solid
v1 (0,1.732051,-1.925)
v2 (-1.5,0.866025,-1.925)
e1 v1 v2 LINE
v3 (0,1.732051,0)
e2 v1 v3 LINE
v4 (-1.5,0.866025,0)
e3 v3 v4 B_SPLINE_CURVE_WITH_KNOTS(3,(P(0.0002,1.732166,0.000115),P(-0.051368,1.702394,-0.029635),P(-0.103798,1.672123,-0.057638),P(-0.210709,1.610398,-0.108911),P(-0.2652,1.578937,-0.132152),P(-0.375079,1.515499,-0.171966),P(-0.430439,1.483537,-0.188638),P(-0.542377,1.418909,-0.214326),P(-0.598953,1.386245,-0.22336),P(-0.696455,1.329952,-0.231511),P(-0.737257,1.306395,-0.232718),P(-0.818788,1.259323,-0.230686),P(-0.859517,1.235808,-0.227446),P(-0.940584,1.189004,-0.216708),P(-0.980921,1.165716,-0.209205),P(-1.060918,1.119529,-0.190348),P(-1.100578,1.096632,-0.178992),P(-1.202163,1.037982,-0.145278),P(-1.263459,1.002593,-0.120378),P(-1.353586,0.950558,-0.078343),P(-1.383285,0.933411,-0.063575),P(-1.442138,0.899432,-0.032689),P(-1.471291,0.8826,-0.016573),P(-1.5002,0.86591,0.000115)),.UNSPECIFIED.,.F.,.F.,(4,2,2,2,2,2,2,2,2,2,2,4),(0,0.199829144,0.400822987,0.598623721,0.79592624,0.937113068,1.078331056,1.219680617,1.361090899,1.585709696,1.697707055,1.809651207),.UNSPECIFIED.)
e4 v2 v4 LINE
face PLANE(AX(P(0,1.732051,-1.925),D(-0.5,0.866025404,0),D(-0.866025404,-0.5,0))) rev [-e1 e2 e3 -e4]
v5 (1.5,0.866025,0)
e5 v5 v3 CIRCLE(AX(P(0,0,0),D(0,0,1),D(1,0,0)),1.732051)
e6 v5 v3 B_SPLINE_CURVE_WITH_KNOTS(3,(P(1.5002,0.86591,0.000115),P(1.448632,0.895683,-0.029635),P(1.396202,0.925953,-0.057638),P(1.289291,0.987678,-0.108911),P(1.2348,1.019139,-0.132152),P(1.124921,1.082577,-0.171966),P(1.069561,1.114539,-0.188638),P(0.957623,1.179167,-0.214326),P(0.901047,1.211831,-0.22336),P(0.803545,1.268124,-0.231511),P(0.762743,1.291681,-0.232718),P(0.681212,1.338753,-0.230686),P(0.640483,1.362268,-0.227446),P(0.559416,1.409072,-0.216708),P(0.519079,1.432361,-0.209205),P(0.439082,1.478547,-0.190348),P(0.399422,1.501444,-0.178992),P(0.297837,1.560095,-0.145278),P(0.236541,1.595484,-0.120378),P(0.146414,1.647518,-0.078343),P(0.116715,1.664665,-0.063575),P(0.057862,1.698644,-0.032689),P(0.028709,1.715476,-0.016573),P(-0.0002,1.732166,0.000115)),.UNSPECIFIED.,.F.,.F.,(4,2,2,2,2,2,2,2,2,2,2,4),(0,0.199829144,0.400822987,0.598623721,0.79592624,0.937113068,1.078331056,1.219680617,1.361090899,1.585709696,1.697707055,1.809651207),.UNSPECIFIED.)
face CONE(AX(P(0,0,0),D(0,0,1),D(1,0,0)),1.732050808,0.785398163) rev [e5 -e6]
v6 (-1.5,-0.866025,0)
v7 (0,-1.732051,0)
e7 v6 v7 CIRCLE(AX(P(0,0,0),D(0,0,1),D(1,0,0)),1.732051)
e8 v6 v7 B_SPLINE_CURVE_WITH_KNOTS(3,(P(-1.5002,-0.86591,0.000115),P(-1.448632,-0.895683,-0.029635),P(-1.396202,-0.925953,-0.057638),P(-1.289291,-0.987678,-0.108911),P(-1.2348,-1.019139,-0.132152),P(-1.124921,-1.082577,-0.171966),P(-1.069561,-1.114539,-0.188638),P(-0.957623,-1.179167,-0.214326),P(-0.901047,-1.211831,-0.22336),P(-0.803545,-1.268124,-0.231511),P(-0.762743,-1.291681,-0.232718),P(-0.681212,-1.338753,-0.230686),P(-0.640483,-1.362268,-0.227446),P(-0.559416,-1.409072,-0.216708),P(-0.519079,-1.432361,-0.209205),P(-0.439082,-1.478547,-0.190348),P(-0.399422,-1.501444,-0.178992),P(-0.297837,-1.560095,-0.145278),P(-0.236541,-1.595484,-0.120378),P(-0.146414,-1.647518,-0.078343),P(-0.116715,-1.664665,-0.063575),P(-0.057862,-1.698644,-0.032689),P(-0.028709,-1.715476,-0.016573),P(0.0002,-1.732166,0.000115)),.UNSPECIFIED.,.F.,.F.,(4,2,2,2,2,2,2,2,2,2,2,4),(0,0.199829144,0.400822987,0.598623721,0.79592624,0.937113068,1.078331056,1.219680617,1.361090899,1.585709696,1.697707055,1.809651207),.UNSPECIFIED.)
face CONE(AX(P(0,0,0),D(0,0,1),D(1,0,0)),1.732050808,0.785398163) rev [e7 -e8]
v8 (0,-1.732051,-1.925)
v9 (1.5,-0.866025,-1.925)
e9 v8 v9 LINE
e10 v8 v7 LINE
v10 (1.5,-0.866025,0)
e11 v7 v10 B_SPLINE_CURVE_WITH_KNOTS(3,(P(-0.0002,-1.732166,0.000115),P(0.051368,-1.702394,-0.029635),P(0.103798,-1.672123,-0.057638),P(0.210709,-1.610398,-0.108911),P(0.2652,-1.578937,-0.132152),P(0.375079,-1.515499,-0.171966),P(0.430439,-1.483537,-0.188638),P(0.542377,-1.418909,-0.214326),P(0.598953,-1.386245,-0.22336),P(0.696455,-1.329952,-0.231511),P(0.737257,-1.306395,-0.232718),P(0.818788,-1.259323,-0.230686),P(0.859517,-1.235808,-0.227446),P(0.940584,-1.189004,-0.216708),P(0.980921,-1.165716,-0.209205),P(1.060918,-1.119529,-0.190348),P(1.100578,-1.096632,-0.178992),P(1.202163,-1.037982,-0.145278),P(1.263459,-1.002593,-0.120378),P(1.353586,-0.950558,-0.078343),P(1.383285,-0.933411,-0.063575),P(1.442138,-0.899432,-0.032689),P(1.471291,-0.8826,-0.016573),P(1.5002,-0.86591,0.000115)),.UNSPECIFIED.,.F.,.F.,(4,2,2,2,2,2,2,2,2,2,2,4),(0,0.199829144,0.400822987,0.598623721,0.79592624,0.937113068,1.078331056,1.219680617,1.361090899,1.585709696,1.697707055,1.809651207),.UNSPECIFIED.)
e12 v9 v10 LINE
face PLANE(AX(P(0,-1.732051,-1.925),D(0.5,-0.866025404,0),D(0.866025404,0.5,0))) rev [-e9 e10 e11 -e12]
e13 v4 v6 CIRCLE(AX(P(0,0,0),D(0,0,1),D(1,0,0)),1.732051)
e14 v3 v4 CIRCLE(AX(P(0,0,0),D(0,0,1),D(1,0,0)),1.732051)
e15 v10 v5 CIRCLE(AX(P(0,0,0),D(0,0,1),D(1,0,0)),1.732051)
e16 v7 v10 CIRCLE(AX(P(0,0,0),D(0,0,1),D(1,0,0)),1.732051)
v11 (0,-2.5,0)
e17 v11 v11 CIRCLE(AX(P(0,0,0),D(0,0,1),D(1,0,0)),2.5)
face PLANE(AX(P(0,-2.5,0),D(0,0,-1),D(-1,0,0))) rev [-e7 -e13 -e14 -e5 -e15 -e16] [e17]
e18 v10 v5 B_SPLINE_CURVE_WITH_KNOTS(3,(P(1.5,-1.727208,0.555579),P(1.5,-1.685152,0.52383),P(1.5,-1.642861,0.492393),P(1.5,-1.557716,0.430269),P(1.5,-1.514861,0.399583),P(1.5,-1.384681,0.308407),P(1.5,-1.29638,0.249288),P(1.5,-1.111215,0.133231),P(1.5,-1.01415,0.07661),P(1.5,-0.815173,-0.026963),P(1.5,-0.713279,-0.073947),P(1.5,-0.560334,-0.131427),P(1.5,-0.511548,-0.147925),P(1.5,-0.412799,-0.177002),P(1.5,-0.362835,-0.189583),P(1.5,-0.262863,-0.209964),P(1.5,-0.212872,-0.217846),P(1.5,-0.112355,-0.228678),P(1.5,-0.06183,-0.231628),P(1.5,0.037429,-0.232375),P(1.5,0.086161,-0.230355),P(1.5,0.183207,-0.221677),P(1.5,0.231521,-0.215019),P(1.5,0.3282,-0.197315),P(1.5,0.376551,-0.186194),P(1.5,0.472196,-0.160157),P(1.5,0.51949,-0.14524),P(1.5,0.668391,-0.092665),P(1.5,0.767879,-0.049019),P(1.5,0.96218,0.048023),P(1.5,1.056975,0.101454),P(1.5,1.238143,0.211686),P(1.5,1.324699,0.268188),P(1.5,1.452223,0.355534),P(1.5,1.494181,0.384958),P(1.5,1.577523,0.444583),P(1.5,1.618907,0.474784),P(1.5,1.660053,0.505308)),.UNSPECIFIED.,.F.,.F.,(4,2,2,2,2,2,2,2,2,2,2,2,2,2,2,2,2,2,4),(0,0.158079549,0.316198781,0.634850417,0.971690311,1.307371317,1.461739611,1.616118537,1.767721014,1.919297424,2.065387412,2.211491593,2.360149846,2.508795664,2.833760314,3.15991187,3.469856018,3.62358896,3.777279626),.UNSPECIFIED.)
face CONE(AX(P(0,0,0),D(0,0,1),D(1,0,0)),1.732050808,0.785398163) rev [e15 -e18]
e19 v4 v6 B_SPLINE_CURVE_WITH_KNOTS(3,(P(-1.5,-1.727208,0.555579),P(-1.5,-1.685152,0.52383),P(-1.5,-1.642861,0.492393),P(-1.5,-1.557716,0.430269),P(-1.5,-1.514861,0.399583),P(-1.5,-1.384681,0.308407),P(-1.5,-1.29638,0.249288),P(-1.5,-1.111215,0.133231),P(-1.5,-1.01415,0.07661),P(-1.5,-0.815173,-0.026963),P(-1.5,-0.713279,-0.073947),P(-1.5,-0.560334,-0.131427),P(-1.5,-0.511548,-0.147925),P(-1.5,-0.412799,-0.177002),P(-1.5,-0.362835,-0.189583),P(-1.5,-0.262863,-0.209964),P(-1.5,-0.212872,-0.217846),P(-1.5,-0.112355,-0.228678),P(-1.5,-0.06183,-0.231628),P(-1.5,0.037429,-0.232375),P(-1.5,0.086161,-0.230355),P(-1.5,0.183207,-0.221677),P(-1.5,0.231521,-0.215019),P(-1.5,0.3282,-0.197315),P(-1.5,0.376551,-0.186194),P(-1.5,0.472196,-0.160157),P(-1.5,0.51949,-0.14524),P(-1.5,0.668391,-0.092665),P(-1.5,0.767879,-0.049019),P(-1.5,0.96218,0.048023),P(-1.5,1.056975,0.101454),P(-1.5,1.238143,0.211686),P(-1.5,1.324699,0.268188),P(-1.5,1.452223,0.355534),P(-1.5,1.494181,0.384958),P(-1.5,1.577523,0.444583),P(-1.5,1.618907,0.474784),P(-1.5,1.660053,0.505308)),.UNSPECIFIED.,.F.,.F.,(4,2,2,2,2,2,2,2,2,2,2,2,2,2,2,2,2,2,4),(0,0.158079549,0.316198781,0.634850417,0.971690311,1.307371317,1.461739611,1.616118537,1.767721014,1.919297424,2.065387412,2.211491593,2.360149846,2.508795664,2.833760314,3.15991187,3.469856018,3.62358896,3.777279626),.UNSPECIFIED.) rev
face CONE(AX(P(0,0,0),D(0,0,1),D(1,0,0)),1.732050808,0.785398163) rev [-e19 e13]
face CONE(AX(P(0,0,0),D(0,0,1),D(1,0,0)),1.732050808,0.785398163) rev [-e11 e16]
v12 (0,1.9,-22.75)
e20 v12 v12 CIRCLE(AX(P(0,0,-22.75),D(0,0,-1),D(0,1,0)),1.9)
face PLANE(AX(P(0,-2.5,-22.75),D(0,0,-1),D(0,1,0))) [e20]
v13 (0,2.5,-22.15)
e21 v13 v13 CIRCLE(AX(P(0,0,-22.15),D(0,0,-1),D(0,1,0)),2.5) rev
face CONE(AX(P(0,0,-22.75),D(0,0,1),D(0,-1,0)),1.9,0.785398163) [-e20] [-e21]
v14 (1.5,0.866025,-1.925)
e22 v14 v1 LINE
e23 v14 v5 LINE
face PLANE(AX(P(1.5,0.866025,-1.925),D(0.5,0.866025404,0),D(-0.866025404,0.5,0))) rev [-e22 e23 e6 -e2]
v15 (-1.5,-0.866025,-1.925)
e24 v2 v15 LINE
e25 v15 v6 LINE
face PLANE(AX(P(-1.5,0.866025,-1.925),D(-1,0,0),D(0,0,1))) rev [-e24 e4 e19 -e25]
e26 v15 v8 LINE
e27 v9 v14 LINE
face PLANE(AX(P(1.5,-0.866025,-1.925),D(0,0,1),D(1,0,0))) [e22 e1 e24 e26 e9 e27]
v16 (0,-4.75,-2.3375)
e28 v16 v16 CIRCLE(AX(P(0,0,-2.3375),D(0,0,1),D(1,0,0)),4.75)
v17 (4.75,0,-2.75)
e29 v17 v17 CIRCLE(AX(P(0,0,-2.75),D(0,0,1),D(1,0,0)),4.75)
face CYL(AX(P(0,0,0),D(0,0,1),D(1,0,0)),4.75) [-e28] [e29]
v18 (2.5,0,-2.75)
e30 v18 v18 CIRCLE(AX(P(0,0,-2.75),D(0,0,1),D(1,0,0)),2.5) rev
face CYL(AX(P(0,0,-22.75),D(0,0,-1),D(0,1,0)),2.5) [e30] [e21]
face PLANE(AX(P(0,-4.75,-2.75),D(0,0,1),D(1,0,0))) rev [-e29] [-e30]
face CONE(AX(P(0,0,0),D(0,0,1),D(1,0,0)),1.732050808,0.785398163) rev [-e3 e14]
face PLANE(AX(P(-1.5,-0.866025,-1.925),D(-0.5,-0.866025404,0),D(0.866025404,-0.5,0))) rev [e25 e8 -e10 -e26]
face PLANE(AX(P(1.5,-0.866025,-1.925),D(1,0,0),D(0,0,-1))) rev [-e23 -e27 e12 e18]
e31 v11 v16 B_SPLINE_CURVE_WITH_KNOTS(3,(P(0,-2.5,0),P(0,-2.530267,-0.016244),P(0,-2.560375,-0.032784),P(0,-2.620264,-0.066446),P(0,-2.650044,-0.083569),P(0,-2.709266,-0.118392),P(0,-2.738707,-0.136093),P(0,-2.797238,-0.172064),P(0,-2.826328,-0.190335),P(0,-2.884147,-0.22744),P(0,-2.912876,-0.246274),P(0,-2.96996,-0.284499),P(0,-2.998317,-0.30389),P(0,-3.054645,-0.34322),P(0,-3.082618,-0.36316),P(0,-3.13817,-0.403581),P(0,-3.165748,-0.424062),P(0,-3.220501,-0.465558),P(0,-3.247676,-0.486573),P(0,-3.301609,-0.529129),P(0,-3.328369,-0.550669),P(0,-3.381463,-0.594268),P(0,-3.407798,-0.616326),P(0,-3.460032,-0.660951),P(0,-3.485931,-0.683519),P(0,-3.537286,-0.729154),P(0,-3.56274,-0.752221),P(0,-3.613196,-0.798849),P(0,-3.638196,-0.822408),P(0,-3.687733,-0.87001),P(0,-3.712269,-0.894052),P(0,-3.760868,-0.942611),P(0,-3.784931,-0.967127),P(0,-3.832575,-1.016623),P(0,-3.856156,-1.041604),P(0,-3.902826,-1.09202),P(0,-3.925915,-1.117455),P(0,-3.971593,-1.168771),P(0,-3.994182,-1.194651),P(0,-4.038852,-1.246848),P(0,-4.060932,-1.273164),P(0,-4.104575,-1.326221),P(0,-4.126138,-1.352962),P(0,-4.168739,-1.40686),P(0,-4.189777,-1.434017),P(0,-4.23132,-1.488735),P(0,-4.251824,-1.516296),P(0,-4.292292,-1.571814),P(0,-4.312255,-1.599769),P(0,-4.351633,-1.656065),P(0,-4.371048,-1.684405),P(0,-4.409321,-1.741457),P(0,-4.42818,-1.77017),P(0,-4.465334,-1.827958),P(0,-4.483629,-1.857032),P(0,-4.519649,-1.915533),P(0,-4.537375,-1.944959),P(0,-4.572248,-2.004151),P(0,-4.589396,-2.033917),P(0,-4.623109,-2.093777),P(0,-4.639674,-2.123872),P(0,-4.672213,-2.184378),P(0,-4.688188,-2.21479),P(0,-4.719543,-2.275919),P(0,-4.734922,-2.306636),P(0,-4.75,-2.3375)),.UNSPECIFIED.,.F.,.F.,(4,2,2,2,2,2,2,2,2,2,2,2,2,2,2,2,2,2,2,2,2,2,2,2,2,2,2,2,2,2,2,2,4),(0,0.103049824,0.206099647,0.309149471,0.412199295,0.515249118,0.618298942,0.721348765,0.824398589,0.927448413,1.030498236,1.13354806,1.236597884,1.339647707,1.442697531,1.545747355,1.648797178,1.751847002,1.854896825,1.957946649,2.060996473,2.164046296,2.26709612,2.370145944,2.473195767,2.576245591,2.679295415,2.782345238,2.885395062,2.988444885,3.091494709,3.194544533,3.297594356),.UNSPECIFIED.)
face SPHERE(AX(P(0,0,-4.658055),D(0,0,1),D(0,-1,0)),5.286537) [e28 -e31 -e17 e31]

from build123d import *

# Parameters (mm, degrees)
SKETCH1_W          = 20
SKETCH1_H          = 2.5
CHAMFER1_SIZE      = 0.6
CUT_EXTRUDE2_DEPTH = 1.925


with BuildPart() as part:
    # Sketch1 → Revolve1 (revolve)
    with BuildSketch(Plane(origin=(0, 0, 0), x_dir=(0, 0, -1), z_dir=(1, 0, 0))):
        with Locations((12.75, 1.25)):
            Rectangle(SKETCH1_W, SKETCH1_H)
    revolve(axis=Axis((0, 0, -22.75), (0, 0, 1)))

    # Chamfer1
    chamfer1_edges = [part.edges().sort_by_distance(p)[0] for p in [
        (0, -2.5, -22.75),
    ]]
    chamfer(chamfer1_edges, length=CHAMFER1_SIZE)

    # Sketch7 → Revolve2 (revolve)
    with BuildSketch(Plane(origin=(0, 0, 0), x_dir=(0, 0, -1), z_dir=(1, 0, 0))):
        with BuildLine():
            Line((2.3375, 4.75), (2.75, 4.75))
            Line((2.75, 4.75), (2.75, 0))
            Line((2.75, 0), (0, 0))
            Line((0, 0), (0, 2.5))
            ThreePointArc((0, 2.5), (0.991875183, 3.808753282), (2.3375, 4.75))
        make_face()
    revolve(axis=Axis((0, 0, 0), (0, 0, -1)))

    # Sketch5 → Cut-Extrude2 (cut)
    with BuildSketch(Plane.XY):
        Polygon((1.5, -0.866025404), (1.5, 0.866025404), (0, 1.732050808), (-1.5, 0.866025404), (-1.5, -0.866025404), (0, -1.732050808), align=None)
    extrude(amount=-CUT_EXTRUDE2_DEPTH, mode=Mode.SUBTRACT)

    # Cut-Extrude3 cone 1 section (through the dimple's axis) → Cut-Extrude3 (revolve, cut)
    with BuildSketch(Plane(origin=(0, 0, 0), x_dir=(0, -1, 0), z_dir=(1, 0, 0))):
        Polygon((0, 0), (1.732050808, 0), (0, 1.732050808), align=None)
    revolve(axis=Axis((0, 0, 0), (0, 0, -1)), mode=Mode.SUBTRACT)


solid = part.part
